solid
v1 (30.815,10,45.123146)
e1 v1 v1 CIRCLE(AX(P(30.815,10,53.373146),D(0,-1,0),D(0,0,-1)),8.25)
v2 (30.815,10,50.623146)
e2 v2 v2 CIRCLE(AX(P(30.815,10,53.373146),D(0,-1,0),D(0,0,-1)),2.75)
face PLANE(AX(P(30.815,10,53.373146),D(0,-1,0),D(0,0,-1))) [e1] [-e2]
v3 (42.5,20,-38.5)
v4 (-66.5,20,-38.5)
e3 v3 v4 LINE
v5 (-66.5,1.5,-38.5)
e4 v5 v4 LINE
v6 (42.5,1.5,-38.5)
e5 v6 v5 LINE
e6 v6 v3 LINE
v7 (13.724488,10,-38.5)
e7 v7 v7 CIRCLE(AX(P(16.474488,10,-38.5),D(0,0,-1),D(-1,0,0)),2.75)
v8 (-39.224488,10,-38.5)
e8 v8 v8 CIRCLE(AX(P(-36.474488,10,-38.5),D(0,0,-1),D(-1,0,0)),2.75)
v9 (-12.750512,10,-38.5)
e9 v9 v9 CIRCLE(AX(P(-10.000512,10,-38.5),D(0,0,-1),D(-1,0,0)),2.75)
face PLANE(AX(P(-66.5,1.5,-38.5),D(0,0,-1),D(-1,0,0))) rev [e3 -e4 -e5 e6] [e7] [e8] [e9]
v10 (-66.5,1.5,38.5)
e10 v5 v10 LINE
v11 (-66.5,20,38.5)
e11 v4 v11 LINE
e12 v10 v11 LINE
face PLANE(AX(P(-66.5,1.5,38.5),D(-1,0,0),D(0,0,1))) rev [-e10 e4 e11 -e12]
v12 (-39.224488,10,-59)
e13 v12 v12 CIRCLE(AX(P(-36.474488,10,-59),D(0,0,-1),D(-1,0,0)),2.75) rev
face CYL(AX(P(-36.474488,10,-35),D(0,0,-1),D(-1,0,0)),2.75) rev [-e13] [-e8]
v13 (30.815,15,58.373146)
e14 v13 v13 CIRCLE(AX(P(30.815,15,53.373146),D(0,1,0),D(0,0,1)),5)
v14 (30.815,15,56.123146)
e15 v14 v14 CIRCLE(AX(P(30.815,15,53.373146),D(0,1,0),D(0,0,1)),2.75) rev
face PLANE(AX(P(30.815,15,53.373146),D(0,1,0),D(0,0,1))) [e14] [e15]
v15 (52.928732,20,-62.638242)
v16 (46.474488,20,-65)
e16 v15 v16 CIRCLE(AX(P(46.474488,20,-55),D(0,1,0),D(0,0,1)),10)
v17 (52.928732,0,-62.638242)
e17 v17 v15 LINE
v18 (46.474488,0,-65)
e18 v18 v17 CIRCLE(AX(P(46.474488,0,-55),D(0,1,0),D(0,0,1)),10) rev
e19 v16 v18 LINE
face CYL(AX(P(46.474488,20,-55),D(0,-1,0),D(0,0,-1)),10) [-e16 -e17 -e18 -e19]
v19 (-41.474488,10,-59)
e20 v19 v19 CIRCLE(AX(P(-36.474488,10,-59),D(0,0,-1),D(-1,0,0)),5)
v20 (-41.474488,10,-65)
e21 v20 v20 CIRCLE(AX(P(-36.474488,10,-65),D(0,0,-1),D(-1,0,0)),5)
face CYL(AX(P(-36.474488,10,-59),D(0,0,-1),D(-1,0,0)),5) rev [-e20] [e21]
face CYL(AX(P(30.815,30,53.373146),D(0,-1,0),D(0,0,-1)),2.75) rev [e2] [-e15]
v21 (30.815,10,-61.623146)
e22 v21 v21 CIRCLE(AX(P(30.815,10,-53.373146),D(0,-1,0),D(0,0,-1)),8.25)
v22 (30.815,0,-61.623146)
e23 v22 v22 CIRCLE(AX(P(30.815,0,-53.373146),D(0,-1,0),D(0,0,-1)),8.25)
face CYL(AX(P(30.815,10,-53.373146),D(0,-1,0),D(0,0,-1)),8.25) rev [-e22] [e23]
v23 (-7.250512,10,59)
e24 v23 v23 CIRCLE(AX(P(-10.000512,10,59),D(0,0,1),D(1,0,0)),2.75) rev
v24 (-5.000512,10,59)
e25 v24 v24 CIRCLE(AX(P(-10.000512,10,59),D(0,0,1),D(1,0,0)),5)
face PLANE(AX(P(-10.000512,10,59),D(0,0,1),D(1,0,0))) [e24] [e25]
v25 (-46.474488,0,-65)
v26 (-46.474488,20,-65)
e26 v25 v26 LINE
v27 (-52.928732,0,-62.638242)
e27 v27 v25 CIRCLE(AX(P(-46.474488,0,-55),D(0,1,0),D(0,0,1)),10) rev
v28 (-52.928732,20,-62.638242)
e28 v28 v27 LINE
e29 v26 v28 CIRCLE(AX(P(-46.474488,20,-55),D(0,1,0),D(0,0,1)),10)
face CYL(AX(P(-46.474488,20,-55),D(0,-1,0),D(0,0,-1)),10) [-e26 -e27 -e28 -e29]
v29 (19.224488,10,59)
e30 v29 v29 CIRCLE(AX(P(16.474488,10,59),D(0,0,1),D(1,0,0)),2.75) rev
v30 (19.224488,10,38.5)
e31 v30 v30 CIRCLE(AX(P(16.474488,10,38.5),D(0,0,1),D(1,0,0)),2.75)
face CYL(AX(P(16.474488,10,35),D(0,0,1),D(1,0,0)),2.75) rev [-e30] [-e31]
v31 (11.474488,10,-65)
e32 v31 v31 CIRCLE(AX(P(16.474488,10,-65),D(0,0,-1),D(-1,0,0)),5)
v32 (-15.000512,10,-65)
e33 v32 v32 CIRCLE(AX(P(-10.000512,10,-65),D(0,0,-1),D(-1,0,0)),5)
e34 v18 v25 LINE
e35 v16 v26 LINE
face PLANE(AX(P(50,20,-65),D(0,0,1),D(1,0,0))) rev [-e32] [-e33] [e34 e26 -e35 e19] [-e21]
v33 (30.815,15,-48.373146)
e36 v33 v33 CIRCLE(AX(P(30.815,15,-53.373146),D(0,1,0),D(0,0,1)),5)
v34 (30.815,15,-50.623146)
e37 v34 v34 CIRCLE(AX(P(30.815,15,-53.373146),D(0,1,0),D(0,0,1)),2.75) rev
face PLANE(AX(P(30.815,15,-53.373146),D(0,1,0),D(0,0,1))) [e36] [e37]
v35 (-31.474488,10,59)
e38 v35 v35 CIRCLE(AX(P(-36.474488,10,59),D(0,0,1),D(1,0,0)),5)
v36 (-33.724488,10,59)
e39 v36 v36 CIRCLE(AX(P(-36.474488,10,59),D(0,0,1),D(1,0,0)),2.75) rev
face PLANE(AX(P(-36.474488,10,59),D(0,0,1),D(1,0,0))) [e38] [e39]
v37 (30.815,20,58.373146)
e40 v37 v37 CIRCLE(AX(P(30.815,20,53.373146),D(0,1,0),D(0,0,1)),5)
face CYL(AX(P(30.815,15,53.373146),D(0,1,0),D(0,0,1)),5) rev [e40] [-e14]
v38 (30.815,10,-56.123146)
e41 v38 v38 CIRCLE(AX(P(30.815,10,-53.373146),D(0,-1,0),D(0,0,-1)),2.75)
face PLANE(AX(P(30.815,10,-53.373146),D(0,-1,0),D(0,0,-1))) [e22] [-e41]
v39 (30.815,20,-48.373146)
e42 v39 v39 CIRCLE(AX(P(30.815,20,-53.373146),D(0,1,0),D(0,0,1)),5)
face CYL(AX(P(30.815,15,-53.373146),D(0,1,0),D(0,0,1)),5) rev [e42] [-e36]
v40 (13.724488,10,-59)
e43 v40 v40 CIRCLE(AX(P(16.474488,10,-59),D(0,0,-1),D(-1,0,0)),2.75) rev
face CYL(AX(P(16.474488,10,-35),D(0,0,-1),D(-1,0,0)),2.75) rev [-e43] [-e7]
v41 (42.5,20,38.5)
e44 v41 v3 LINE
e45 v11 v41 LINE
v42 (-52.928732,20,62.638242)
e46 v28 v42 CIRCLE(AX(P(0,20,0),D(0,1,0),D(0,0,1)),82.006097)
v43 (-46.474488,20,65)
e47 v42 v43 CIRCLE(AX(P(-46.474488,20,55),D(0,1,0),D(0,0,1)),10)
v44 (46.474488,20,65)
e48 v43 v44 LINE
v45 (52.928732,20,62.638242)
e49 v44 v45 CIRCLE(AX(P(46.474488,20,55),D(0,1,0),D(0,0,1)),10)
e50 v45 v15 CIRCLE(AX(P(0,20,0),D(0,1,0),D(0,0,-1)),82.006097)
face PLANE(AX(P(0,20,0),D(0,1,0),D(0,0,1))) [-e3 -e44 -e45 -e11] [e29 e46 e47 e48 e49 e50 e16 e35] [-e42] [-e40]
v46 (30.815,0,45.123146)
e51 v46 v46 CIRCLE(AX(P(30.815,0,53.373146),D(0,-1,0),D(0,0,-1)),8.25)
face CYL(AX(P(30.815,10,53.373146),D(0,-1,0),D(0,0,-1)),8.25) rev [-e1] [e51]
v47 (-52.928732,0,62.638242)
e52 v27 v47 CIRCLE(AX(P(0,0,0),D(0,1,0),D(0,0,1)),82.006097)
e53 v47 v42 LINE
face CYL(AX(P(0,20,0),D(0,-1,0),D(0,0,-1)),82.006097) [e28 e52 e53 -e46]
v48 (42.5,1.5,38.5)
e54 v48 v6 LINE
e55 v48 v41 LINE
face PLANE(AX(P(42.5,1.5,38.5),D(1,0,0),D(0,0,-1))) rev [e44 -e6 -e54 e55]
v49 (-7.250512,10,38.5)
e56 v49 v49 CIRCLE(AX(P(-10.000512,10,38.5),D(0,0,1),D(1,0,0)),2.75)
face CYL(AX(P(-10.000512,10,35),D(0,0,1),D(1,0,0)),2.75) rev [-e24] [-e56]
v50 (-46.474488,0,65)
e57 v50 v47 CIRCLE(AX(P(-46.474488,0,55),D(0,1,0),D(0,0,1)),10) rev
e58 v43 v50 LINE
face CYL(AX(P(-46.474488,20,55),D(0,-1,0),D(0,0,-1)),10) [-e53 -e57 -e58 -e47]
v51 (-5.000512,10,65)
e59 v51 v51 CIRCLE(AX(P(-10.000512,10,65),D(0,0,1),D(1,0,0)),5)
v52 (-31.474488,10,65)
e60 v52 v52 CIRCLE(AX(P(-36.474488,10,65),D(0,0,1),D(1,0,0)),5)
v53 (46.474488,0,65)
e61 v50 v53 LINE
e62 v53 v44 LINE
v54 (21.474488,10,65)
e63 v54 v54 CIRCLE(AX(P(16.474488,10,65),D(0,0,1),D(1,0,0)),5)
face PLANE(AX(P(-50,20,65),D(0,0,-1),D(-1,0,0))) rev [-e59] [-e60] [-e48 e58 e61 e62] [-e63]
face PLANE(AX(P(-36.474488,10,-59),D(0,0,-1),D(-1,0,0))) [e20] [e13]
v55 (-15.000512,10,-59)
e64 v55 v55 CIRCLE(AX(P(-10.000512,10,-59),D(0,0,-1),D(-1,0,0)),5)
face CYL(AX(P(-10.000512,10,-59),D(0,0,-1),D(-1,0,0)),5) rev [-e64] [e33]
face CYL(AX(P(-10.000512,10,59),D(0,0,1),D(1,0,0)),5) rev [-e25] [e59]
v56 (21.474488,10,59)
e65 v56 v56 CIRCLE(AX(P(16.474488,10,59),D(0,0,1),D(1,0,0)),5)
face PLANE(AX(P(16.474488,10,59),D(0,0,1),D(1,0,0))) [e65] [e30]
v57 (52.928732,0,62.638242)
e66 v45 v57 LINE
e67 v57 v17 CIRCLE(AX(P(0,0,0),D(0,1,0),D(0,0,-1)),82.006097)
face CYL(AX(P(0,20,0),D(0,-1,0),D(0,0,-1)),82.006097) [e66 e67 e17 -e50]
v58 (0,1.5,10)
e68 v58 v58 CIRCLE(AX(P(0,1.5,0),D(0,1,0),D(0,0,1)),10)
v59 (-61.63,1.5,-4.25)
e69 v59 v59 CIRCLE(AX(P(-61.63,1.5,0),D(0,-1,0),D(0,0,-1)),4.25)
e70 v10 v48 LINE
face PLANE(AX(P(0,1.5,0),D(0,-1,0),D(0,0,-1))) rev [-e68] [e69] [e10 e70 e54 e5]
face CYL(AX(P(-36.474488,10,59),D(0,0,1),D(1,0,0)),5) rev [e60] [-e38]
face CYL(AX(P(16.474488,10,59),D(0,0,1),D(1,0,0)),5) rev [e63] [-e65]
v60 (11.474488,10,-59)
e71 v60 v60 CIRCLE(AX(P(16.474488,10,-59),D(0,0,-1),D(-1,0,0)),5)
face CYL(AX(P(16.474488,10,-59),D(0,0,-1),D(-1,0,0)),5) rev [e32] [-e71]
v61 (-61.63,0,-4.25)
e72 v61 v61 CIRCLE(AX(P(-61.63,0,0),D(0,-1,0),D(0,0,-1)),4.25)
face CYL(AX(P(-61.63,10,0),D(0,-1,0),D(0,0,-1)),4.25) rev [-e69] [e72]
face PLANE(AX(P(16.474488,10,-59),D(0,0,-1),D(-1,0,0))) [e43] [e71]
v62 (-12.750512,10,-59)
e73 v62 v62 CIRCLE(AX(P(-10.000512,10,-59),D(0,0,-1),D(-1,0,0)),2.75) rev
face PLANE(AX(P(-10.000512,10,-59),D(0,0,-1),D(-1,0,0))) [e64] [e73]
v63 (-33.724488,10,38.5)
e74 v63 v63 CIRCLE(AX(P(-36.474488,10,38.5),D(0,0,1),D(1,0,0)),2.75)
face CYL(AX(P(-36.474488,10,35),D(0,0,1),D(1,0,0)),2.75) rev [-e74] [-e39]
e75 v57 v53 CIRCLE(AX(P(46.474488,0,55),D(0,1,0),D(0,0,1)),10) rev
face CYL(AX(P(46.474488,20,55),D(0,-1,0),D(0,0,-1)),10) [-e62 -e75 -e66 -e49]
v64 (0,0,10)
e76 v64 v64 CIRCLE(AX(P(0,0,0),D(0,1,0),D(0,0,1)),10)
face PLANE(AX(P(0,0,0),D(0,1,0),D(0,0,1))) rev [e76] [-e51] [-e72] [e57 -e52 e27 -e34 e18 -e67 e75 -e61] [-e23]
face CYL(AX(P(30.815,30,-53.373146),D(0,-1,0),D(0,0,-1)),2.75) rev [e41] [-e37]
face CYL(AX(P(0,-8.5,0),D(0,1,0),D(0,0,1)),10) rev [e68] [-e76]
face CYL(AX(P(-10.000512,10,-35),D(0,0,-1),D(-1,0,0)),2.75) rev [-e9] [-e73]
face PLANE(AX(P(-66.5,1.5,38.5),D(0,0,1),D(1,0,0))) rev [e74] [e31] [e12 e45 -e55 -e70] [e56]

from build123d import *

# Parameters (mm, degrees)
BOSS_EXTRUDE1_DEPTH = 20
FILLET1_R           = 10
SKETCH2_W           = 109
SKETCH2_H           = 77
CUT_EXTRUDE1_DEPTH  = 18.5
SKETCH4_R           = 8.25
SKETCH4_R_2         = 4.25
CUT_EXTRUDE2_DEPTH  = 10
SKETCH5_R           = 10
CUT_EXTRUDE3_DEPTH  = 10
SKETCH6_R           = 2.75
CUT_EXTRUDE4_DEPTH  = 30
CUT_EXTRUDE5_START  = -30
SKETCH7_R           = 2.75
CUT_EXTRUDE5_DEPTH  = 30
SKETCH8_R           = 5
CUT_EXTRUDE6_DEPTH  = 6
CUT_EXTRUDE7_START  = -6
SKETCH9_R           = 5
CUT_EXTRUDE7_DEPTH  = 6
SKETCH10_R          = 2.75
CUT_EXTRUDE8_DEPTH  = 20
SKETCH11_R          = 5
CUT_EXTRUDE9_DEPTH  = 5


with BuildPart() as part:
    # Sketch1 → Boss-Extrude1 (new body)
    with BuildSketch(Plane(origin=(0, 0, 0), x_dir=(1, 0, 0), z_dir=(0, 1, 0))):
        with BuildLine():
            Line((-50, -65), (50, -65))
            ThreePointArc((50, -65), (82.006097334, 0), (50, 65))
            Line((50, 65), (-50, 65))
            ThreePointArc((-50, 65), (-82.006097334, 0), (-50, -65))
        make_face()
    extrude(amount=BOSS_EXTRUDE1_DEPTH)

    # Fillet1
    fillet1_edges = [part.edges().sort_by_distance(p)[0] for p in [
        (-50, 10, -65),
        (50, 10, -65),
        (50, 10, 65),
        (-50, 10, 65),
    ]]
    fillet(fillet1_edges, radius=FILLET1_R)

    # Sketch2 → Cut-Extrude1 (cut)
    with BuildSketch(Plane(origin=(0, 20, 0), x_dir=(1, 0, 0), z_dir=(0, 1, 0))):
        with Locations((-12, 0)):
            Rectangle(SKETCH2_W, SKETCH2_H)
    extrude(amount=-CUT_EXTRUDE1_DEPTH, mode=Mode.SUBTRACT)

    # Sketch4 → Cut-Extrude2 (cut)
    with BuildSketch(Plane.XZ):
        with Locations((30.815, 53.373145635)):
            Circle(SKETCH4_R)
        with Locations((30.815, -53.373145635)):
            Circle(SKETCH4_R)
        with Locations((-61.63, 0)):
            Circle(SKETCH4_R_2)
    extrude(amount=-CUT_EXTRUDE2_DEPTH, mode=Mode.SUBTRACT)

    # Sketch5 → Cut-Extrude3 (cut)
    with BuildSketch(Plane(origin=(0, 1.5, 0), x_dir=(1, 0, 0), z_dir=(0, 1, 0))):
        Circle(SKETCH5_R)
    extrude(amount=-CUT_EXTRUDE3_DEPTH, mode=Mode.SUBTRACT)

    # Sketch6 → Cut-Extrude4 (cut)
    with BuildSketch(Plane.XY.offset(65)):
        with Locations((-36.474488199, 10)):
            Circle(SKETCH6_R)
        with Locations((-10.000511801, 10)):
            Circle(SKETCH6_R)
        with Locations((16.474488199, 10)):
            Circle(SKETCH6_R)
    extrude(amount=-CUT_EXTRUDE4_DEPTH, mode=Mode.SUBTRACT)

    # Sketch7 → Cut-Extrude5 (cut)
    with BuildSketch(Plane(origin=(0, 0, -65), x_dir=(-1, 0, 0), z_dir=(0, 0, -1)).offset(CUT_EXTRUDE5_START)):
        with Locations((-16.474488199, 10)):
            Circle(SKETCH7_R)
        with Locations((10.000511801, 10)):
            Circle(SKETCH7_R)
        with Locations((36.474488199, 10)):
            Circle(SKETCH7_R)
    extrude(amount=CUT_EXTRUDE5_DEPTH, mode=Mode.SUBTRACT)

    # Sketch8 → Cut-Extrude6 (cut)
    with BuildSketch(Plane.XY.offset(65)):
        with Locations((-36.474488199, 10)):
            Circle(SKETCH8_R)
        with Locations((-10.000511801, 10)):
            Circle(SKETCH8_R)
        with Locations((16.474488199, 10)):
            Circle(SKETCH8_R)
    extrude(amount=-CUT_EXTRUDE6_DEPTH, mode=Mode.SUBTRACT)

    # Sketch9 → Cut-Extrude7 (cut)
    with BuildSketch(Plane(origin=(0, 0, -65), x_dir=(-1, 0, 0), z_dir=(0, 0, -1)).offset(CUT_EXTRUDE7_START)):
        with Locations((-16.474488199, 10)):
            Circle(SKETCH9_R)
        with Locations((10.000511801, 10)):
            Circle(SKETCH9_R)
        with Locations((36.474488199, 10)):
            Circle(SKETCH9_R)
    extrude(amount=CUT_EXTRUDE7_DEPTH, mode=Mode.SUBTRACT)

    # Sketch10 → Cut-Extrude8 (cut)
    with BuildSketch(Plane.XZ.offset(-10)):
        with Locations((30.815, 53.373145635)):
            Circle(SKETCH10_R)
        with Locations((30.815, -53.373145635)):
            Circle(SKETCH10_R)
    extrude(amount=-CUT_EXTRUDE8_DEPTH, mode=Mode.SUBTRACT)

    # Sketch11 → Cut-Extrude9 (cut)
    with BuildSketch(Plane(origin=(0, 20, 0), x_dir=(1, 0, 0), z_dir=(0, 1, 0))):
        with Locations((30.815, 53.373145635)):
            Circle(SKETCH11_R)
        with Locations((30.815, -53.373145635)):
            Circle(SKETCH11_R)
    extrude(amount=-CUT_EXTRUDE9_DEPTH, mode=Mode.SUBTRACT)


solid = part.part
